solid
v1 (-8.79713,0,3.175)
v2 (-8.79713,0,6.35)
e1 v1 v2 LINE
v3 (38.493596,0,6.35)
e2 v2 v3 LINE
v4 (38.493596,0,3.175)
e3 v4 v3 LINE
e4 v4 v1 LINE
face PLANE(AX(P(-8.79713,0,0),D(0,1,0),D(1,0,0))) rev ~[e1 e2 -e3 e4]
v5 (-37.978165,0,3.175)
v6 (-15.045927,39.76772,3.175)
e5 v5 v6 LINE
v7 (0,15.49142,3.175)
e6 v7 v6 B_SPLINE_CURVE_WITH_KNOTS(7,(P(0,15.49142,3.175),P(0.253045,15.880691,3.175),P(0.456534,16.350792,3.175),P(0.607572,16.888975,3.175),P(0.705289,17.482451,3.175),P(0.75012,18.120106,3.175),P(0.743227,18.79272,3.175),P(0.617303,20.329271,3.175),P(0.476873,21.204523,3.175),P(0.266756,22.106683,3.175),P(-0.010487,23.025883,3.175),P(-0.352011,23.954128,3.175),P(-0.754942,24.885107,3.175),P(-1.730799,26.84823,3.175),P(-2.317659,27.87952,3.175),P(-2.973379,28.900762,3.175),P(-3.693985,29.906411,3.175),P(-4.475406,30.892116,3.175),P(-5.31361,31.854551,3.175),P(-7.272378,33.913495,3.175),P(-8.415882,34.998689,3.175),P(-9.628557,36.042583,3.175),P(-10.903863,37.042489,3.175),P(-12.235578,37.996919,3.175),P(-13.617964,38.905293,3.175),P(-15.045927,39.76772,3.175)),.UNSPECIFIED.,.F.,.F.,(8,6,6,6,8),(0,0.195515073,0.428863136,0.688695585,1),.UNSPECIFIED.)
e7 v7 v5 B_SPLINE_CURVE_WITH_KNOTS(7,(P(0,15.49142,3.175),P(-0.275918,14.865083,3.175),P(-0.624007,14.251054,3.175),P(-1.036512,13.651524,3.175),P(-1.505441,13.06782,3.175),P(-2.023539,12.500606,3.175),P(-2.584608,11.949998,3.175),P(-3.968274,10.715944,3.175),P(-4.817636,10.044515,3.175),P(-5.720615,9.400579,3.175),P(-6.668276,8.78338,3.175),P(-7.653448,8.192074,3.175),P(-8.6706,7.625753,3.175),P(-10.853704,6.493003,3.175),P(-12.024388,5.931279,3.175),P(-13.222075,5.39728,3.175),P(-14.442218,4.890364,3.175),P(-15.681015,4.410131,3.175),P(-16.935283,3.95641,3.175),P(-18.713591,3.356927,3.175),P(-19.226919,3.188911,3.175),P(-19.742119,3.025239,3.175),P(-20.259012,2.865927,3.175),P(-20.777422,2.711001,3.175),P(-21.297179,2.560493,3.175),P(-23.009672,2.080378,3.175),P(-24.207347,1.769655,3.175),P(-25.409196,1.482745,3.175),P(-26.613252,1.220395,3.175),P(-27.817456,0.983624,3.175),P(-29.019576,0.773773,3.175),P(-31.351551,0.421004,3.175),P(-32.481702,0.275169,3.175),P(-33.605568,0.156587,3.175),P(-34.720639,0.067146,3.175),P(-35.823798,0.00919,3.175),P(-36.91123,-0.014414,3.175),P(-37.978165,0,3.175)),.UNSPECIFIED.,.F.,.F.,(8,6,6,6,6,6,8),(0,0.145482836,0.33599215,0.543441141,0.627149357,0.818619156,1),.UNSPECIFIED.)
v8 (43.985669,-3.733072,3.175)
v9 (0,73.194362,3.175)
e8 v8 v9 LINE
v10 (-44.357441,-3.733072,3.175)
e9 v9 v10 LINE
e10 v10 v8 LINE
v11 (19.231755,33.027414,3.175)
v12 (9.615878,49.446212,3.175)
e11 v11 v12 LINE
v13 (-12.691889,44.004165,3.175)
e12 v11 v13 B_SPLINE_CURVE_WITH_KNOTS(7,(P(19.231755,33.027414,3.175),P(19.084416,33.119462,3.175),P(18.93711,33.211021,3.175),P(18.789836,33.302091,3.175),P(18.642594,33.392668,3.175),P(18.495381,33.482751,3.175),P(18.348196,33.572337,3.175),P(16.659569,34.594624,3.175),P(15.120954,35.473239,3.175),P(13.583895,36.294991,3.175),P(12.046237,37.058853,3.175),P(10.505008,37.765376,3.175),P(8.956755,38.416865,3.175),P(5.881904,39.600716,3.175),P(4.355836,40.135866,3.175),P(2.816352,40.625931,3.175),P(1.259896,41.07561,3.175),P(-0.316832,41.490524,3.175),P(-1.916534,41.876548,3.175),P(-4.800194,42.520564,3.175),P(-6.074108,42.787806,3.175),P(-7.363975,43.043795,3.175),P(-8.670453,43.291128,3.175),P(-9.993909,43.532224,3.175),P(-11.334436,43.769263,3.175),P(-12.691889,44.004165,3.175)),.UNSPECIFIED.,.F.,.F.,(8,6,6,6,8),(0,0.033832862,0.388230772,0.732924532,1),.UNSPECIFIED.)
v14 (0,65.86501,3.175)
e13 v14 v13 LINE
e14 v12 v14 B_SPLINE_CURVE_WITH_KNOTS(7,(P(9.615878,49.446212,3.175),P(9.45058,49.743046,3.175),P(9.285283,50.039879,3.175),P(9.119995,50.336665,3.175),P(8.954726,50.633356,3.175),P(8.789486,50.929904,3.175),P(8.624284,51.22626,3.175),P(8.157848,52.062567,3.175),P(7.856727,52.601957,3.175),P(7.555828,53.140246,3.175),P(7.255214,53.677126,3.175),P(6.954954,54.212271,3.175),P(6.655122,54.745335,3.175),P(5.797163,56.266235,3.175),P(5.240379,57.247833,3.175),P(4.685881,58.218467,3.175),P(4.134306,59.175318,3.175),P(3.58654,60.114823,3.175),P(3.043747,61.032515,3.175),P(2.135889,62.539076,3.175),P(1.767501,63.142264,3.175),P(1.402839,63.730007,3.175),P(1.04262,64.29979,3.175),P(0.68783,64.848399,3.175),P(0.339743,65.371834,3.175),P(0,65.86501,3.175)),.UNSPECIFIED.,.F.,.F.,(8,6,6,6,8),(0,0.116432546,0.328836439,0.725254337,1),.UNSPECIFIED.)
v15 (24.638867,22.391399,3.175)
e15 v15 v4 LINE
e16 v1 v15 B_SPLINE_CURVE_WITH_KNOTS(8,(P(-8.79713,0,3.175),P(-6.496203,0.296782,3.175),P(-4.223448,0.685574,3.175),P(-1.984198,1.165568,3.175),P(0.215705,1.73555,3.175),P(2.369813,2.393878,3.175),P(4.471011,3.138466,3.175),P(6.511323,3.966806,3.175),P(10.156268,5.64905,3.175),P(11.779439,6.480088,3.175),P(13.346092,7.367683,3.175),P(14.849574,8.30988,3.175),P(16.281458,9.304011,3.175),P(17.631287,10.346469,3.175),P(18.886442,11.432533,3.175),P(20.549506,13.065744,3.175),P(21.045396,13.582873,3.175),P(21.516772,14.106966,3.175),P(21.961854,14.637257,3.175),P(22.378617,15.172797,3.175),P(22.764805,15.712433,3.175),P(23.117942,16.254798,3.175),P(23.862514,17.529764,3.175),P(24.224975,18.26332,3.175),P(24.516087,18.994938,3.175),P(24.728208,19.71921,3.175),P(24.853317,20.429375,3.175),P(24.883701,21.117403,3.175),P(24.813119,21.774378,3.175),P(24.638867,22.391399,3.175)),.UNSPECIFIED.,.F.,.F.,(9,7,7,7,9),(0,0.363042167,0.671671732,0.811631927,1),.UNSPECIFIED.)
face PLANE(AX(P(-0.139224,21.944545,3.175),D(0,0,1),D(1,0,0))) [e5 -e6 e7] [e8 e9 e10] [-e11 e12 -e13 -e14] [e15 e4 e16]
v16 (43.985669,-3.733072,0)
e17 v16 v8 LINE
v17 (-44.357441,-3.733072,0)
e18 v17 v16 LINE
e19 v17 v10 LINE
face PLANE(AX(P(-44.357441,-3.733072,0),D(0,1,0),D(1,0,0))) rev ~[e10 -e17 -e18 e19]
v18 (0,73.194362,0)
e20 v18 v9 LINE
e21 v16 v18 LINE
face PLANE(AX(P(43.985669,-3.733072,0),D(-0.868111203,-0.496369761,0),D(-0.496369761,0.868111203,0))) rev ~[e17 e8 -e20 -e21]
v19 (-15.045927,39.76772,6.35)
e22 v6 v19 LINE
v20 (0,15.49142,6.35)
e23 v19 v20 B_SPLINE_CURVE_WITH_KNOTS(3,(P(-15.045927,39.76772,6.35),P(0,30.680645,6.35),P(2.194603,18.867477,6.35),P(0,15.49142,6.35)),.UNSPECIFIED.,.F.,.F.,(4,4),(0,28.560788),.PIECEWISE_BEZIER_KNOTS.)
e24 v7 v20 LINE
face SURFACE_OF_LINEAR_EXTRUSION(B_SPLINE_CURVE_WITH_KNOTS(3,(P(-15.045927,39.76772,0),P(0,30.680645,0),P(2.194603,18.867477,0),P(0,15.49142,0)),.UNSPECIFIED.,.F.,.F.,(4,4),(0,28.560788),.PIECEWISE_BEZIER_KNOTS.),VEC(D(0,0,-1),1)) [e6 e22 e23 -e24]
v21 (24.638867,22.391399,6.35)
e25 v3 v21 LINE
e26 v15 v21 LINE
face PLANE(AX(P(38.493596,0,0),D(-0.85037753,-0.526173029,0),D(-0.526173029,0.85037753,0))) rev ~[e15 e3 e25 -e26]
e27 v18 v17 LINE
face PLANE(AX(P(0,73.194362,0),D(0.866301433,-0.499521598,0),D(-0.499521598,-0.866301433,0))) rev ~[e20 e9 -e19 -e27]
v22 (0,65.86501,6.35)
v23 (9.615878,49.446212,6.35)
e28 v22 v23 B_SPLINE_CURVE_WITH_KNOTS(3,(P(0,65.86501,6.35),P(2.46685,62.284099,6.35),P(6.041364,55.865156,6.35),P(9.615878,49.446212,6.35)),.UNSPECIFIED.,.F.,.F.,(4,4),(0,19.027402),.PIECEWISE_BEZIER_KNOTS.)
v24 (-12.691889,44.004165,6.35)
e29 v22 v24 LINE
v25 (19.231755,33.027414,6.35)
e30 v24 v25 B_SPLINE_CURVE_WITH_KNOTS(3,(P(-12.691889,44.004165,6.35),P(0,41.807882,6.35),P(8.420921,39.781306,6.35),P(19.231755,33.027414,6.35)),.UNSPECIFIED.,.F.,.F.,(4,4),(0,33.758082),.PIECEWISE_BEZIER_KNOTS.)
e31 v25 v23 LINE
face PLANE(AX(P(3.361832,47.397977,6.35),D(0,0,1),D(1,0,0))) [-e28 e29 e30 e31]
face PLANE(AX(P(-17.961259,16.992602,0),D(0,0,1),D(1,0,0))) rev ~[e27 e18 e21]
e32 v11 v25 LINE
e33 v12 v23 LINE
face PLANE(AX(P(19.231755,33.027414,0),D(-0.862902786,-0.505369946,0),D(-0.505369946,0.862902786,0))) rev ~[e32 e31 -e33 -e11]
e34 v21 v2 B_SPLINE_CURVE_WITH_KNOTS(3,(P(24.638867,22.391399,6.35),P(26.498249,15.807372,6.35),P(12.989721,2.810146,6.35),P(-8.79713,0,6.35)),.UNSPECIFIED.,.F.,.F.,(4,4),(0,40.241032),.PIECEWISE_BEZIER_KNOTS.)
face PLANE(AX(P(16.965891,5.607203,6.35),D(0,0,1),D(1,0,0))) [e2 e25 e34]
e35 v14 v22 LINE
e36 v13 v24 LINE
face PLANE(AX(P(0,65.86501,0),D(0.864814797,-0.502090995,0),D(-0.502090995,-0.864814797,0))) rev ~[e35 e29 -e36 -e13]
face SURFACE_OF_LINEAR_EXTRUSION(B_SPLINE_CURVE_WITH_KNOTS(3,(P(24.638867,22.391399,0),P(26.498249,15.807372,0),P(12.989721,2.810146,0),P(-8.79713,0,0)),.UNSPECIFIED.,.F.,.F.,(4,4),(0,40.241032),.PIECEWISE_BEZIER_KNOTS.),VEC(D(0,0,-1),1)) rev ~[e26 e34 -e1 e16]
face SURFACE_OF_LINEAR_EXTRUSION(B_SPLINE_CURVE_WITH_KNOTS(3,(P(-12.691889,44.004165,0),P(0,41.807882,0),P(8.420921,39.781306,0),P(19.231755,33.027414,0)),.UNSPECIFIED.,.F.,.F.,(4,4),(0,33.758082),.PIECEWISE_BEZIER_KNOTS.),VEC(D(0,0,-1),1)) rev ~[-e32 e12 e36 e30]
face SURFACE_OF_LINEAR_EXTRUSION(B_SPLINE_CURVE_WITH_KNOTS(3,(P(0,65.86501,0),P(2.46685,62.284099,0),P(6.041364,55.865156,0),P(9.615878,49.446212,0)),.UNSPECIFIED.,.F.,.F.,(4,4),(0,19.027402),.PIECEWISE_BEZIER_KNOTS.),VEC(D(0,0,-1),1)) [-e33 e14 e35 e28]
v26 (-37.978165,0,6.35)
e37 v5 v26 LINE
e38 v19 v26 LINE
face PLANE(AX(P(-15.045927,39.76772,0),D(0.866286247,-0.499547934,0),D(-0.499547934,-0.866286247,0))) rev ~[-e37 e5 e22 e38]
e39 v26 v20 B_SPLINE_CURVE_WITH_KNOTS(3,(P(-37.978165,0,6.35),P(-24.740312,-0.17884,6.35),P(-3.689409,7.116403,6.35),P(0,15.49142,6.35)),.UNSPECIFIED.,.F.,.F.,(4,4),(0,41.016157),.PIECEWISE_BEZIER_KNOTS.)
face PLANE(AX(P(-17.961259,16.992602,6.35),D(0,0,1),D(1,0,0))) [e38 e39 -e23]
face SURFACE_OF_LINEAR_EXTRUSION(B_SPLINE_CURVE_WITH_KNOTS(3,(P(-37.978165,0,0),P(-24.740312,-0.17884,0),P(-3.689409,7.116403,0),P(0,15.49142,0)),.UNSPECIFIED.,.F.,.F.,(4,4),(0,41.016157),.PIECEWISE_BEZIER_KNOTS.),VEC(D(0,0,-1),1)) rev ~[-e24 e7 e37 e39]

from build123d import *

# Parameters (mm, degrees)
F4_DEPTH = 6.35
F5_DEPTH = 3.175
F6_DEPTH = 6.35
F7_DEPTH = 6.35


with BuildPart() as f4:
    # F0 (on Top) → F4 (new body)
    with BuildSketch(Plane.XY):
        with BuildLine():
            Line((0, 65.86501), (-12.691889, 44.004165))
            add(Edge.make_bspline(
                [(-12.691889, 44.004165), (0, 41.807882), (8.420921, 39.781306), (19.231755, 33.027414)],
                knots=[0, 0, 0, 0, 33.758082, 33.758082, 33.758082, 33.758082], degree=3))
            add(Edge.make_bspline(
                [(9.615878, 49.446212), (13.190391, 43.027269), (16.764905, 36.608325), (19.231755, 33.027414)],
                knots=[19.027402, 19.027402, 19.027402, 19.027402, 38.054804, 38.054804, 38.054804, 38.054804], degree=3))
            Line((9.615878, 49.446212), (0, 65.86501))
        make_face()
        with BuildLine():
            add(Edge.make_bspline(
                [(0, 65.86501), (2.46685, 62.284099), (6.041364, 55.865156), (9.615878, 49.446212)],
                knots=[0, 0, 0, 0, 19.027402, 19.027402, 19.027402, 19.027402], degree=3))
            Line((0, 65.86501), (9.615878, 49.446212))
        make_face()
        with BuildLine():
            add(Edge.make_bspline(
                [(9.615878, 49.446212), (13.190391, 43.027269), (16.764905, 36.608325), (19.231755, 33.027414)],
                knots=[19.027402, 19.027402, 19.027402, 19.027402, 38.054804, 38.054804, 38.054804, 38.054804], degree=3))
            Line((19.231755, 33.027414), (9.615878, 49.446212))
        make_face()
    extrude(amount=F4_DEPTH)

    # F3 (on Top) → F5 (join)
    with BuildSketch(Plane.XY):
        Polygon((43.985669, -3.733072), (0, 73.194362), (-44.357441, -3.733072), align=None)
    extrude(amount=F5_DEPTH)

    # F2 (on Top) → F6 (join)
    with BuildSketch(Plane.XY):
        with BuildLine():
            Line((38.493596, 0), (24.638867, 22.391399))
            add(Edge.make_bspline(
                [(24.638867, 22.391399), (26.498249, 15.807372), (12.989721, 2.810146), (-8.79713, 0)],
                knots=[0, 0, 0, 0, 40.241032, 40.241032, 40.241032, 40.241032], degree=3))
            Line((-8.79713, 0), (38.493596, 0))
        make_face()
    extrude(amount=F6_DEPTH)

    # F1 (on Top) → F7 (join)
    with BuildSketch(Plane.XY):
        with BuildLine():
            Line((-15.045927, 39.76772), (-37.978165, 0))
            add(Edge.make_bspline(
                [(-37.978165, 0), (-24.740312, -0.17884), (-3.689409, 7.116403), (0, 15.49142)],
                knots=[0, 0, 0, 0, 41.016157, 41.016157, 41.016157, 41.016157], degree=3))
            add(Edge.make_bspline(
                [(-15.045927, 39.76772), (0, 30.680645), (2.194603, 18.867477), (0, 15.49142)],
                knots=[0, 0, 0, 0, 28.560788, 28.560788, 28.560788, 28.560788], degree=3))
        make_face()
    extrude(amount=F7_DEPTH)


solid = f4.part
